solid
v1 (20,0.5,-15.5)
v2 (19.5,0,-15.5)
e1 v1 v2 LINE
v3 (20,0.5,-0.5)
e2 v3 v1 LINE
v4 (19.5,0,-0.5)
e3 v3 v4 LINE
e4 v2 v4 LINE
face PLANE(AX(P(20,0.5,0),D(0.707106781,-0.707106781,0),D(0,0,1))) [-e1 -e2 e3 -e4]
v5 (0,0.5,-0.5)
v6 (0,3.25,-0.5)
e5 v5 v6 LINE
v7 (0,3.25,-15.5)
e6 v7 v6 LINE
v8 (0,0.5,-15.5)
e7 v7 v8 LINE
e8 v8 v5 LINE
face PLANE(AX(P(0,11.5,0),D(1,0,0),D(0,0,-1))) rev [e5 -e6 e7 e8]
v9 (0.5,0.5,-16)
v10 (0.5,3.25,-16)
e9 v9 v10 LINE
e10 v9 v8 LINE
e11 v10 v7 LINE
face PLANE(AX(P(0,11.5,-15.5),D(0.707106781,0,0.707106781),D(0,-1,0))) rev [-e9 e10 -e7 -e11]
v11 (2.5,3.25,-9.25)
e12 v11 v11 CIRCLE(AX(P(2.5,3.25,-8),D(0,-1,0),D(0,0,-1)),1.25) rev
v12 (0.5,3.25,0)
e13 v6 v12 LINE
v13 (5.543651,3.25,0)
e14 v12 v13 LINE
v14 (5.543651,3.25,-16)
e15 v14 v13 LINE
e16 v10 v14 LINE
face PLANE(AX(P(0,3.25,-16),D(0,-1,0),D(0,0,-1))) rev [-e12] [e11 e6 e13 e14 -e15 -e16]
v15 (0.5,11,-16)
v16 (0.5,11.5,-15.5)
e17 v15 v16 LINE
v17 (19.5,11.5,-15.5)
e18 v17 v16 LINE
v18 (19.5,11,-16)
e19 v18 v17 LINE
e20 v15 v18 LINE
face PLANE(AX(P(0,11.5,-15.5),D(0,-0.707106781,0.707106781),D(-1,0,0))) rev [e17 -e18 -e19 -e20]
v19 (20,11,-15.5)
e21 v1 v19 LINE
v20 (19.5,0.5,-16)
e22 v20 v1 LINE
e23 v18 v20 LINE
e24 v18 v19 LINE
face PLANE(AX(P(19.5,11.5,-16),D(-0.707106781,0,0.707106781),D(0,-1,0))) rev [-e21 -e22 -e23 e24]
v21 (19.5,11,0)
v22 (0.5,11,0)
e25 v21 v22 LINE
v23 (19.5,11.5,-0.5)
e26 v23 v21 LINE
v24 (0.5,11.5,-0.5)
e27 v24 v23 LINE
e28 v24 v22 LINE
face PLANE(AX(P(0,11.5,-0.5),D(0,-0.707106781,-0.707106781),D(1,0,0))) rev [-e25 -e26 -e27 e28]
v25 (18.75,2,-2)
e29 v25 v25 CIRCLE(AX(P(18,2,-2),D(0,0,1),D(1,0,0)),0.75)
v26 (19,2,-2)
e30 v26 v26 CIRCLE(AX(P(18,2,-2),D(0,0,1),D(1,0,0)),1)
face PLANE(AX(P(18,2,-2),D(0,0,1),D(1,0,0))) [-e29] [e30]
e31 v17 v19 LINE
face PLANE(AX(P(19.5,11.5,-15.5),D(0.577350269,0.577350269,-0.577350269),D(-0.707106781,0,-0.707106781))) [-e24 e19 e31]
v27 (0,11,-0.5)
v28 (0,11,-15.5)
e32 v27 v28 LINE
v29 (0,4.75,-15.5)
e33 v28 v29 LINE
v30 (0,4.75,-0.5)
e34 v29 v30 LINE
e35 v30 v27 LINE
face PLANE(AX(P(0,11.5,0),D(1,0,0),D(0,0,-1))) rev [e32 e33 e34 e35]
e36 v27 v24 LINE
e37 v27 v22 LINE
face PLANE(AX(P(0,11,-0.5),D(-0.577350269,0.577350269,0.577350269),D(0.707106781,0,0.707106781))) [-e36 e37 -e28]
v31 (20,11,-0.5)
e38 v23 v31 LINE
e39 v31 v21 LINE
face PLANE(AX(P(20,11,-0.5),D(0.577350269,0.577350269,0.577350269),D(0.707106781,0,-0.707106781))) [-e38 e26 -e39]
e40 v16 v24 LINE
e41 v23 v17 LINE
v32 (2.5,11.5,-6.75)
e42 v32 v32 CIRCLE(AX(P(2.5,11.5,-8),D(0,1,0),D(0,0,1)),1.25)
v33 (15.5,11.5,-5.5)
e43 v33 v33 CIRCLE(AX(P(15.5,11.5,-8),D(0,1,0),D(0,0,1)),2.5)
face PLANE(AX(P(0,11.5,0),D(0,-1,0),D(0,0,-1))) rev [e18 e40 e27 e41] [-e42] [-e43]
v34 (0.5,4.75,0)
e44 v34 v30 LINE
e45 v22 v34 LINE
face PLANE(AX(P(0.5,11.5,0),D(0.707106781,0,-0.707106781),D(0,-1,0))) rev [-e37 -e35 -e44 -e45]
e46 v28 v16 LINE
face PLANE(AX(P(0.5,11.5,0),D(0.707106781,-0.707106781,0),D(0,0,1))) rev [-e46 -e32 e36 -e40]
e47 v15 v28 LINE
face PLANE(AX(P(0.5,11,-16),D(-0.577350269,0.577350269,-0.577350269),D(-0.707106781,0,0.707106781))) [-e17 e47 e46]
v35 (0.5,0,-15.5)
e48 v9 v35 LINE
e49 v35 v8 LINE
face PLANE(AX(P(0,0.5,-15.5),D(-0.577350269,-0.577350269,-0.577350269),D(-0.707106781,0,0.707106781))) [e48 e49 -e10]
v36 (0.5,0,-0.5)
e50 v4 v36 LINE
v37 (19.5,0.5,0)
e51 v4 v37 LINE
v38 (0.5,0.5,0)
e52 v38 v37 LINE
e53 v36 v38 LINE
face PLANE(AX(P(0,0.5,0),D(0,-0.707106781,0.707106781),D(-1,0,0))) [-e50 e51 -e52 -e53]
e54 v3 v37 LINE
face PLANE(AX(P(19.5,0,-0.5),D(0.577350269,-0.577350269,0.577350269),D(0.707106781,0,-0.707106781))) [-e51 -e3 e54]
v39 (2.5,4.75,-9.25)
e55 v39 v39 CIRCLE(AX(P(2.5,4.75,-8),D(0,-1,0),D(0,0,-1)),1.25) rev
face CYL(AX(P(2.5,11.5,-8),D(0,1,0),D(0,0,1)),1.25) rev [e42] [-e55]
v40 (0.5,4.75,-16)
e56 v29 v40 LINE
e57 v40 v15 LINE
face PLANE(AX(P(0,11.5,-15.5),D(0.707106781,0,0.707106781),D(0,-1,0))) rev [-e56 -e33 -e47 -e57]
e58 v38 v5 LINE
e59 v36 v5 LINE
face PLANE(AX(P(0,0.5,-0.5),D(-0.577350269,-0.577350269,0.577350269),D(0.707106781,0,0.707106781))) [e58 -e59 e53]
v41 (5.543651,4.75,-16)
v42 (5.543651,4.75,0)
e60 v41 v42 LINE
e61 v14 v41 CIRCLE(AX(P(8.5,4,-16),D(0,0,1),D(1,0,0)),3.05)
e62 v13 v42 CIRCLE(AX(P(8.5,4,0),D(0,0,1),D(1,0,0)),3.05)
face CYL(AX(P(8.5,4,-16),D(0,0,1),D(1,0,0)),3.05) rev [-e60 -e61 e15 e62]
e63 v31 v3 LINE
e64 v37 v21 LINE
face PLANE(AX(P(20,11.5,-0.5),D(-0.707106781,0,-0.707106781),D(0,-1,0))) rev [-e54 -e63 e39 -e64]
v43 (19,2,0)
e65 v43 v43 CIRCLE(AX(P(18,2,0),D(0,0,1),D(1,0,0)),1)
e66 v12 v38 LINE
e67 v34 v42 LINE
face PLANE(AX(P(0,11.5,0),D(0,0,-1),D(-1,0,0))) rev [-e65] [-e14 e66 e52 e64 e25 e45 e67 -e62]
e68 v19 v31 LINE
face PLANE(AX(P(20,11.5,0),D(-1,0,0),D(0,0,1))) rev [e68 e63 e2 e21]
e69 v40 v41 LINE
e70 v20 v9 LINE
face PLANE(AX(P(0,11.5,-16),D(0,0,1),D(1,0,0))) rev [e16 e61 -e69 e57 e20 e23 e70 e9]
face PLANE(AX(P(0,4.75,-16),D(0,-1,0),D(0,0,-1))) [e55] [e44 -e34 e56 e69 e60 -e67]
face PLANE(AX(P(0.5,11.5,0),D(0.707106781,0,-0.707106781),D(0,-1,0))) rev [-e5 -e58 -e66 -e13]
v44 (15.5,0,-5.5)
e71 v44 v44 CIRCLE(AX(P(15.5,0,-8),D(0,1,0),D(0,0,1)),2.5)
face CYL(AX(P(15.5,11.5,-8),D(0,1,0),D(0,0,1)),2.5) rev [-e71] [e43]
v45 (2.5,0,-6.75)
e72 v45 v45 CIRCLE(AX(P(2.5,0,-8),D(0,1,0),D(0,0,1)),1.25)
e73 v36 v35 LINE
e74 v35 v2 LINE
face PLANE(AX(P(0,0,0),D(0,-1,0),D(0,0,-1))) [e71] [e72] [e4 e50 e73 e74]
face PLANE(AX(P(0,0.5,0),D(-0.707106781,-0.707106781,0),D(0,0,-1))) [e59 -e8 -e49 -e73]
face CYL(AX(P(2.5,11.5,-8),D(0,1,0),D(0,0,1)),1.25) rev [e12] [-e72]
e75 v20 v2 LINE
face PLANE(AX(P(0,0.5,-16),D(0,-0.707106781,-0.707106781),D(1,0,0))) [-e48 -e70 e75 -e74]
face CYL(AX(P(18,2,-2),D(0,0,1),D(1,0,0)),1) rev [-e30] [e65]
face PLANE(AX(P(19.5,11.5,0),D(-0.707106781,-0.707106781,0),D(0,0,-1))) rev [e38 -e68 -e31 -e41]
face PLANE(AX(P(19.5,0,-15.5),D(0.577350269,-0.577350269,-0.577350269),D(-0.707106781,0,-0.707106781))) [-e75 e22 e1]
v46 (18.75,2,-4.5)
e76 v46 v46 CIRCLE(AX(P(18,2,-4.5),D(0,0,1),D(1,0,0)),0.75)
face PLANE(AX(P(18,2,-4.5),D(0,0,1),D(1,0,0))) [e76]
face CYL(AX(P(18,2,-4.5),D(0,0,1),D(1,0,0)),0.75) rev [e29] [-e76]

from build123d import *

# Parameters (mm, degrees)
SKETCH1_W             = 20
SKETCH1_H             = 16
BOSS_EXTRUDE1_DEPTH   = 11.5
M3X0_5_TAPPED_HOLE1_D = 2.5
M6_TAPPED_HOLE1_D     = 5
CUT_EXTRUDE1_DEPTH    = 16
SKETCH10_R            = 1
CUT_EXTRUDE2_DEPTH    = 2
SKETCH11_R            = 0.75
CUT_EXTRUDE3_DEPTH    = 2.5
CHAMFER1_SIZE         = 0.5


with BuildPart() as part:
    # Sketch1 → Boss-Extrude1 (new body)
    with BuildSketch(Plane(origin=(0, 0, 0), x_dir=(1, 0, 0), z_dir=(0, 1, 0))):
        with Locations((10, 8)):
            Rectangle(SKETCH1_W, SKETCH1_H)
    extrude(amount=BOSS_EXTRUDE1_DEPTH)

    # M3x0.5 Tapped Hole1 (through all)
    with Locations(Plane(origin=(0, 11.5, 0), x_dir=(1, 0, 0), z_dir=(0, 1, 0))):
        with Locations((2.5, 8)):
            Hole(M3X0_5_TAPPED_HOLE1_D / 2)

    # M6 Tapped Hole1 (through all)
    with Locations(Plane(origin=(0, 11.5, 0), x_dir=(1, 0, 0), z_dir=(0, 1, 0))):
        with Locations((15.5, 8)):
            Hole(M6_TAPPED_HOLE1_D / 2)

    # Sketch2 → Cut-Extrude1 (cut)
    with BuildSketch(Plane.XY):
        with BuildLine():
            Line((5.5436509, 4.75), (0, 4.75))
            Line((0, 4.75), (0, 3.25))
            Line((0, 3.25), (5.5436509, 3.25))
            ThreePointArc((5.5436509, 3.25), (5.45, 4), (5.5436509, 4.75))
        make_face()
        with BuildLine():
            ThreePointArc((11.55, 4), (8.877912189, 7.026496717), (5.5436509, 4.75))
            Line((5.5436509, 4.75), (5.5436509, 3.25))
            ThreePointArc((5.5436509, 3.25), (8.877912189, 0.973503283), (11.55, 4))
        make_face()
        with BuildLine():
            Line((5.5436509, 3.25), (5.5436509, 4.75))
            ThreePointArc((5.5436509, 4.75), (5.45, 4), (5.5436509, 3.25))
        make_face()
    extrude(amount=-CUT_EXTRUDE1_DEPTH, mode=Mode.SUBTRACT)

    # Sketch10 → Cut-Extrude2 (cut)
    with BuildSketch(Plane.XY):
        with Locations((18, 2)):
            Circle(SKETCH10_R)
    extrude(amount=-CUT_EXTRUDE2_DEPTH, mode=Mode.SUBTRACT)

    # Sketch11 → Cut-Extrude3 (cut)
    with BuildSketch(Plane.XY.offset(-2)):
        with Locations((18, 2)):
            Circle(SKETCH11_R)
    extrude(amount=-CUT_EXTRUDE3_DEPTH, mode=Mode.SUBTRACT)

    # Chamfer1
    chamfer1_edges = [part.edges().sort_by_distance(p)[0] for p in [
        (20, 11.5, -8),
        (10, 11.5, -16),
        (0, 1.625, -16),
        (0, 1.625, 0),
        (0, 11.5, -8),
        (10, 0, -16),
        (20, 0, -8),
        (10, 0, 0),
        (0, 0, -8),
        (10, 11.5, 0),
        (0, 8.125, -16),
        (20, 5.75, -16),
        (20, 5.75, 0),
        (0, 8.125, 0),
    ]]
    chamfer(chamfer1_edges, length=CHAMFER1_SIZE)


solid = part.part
